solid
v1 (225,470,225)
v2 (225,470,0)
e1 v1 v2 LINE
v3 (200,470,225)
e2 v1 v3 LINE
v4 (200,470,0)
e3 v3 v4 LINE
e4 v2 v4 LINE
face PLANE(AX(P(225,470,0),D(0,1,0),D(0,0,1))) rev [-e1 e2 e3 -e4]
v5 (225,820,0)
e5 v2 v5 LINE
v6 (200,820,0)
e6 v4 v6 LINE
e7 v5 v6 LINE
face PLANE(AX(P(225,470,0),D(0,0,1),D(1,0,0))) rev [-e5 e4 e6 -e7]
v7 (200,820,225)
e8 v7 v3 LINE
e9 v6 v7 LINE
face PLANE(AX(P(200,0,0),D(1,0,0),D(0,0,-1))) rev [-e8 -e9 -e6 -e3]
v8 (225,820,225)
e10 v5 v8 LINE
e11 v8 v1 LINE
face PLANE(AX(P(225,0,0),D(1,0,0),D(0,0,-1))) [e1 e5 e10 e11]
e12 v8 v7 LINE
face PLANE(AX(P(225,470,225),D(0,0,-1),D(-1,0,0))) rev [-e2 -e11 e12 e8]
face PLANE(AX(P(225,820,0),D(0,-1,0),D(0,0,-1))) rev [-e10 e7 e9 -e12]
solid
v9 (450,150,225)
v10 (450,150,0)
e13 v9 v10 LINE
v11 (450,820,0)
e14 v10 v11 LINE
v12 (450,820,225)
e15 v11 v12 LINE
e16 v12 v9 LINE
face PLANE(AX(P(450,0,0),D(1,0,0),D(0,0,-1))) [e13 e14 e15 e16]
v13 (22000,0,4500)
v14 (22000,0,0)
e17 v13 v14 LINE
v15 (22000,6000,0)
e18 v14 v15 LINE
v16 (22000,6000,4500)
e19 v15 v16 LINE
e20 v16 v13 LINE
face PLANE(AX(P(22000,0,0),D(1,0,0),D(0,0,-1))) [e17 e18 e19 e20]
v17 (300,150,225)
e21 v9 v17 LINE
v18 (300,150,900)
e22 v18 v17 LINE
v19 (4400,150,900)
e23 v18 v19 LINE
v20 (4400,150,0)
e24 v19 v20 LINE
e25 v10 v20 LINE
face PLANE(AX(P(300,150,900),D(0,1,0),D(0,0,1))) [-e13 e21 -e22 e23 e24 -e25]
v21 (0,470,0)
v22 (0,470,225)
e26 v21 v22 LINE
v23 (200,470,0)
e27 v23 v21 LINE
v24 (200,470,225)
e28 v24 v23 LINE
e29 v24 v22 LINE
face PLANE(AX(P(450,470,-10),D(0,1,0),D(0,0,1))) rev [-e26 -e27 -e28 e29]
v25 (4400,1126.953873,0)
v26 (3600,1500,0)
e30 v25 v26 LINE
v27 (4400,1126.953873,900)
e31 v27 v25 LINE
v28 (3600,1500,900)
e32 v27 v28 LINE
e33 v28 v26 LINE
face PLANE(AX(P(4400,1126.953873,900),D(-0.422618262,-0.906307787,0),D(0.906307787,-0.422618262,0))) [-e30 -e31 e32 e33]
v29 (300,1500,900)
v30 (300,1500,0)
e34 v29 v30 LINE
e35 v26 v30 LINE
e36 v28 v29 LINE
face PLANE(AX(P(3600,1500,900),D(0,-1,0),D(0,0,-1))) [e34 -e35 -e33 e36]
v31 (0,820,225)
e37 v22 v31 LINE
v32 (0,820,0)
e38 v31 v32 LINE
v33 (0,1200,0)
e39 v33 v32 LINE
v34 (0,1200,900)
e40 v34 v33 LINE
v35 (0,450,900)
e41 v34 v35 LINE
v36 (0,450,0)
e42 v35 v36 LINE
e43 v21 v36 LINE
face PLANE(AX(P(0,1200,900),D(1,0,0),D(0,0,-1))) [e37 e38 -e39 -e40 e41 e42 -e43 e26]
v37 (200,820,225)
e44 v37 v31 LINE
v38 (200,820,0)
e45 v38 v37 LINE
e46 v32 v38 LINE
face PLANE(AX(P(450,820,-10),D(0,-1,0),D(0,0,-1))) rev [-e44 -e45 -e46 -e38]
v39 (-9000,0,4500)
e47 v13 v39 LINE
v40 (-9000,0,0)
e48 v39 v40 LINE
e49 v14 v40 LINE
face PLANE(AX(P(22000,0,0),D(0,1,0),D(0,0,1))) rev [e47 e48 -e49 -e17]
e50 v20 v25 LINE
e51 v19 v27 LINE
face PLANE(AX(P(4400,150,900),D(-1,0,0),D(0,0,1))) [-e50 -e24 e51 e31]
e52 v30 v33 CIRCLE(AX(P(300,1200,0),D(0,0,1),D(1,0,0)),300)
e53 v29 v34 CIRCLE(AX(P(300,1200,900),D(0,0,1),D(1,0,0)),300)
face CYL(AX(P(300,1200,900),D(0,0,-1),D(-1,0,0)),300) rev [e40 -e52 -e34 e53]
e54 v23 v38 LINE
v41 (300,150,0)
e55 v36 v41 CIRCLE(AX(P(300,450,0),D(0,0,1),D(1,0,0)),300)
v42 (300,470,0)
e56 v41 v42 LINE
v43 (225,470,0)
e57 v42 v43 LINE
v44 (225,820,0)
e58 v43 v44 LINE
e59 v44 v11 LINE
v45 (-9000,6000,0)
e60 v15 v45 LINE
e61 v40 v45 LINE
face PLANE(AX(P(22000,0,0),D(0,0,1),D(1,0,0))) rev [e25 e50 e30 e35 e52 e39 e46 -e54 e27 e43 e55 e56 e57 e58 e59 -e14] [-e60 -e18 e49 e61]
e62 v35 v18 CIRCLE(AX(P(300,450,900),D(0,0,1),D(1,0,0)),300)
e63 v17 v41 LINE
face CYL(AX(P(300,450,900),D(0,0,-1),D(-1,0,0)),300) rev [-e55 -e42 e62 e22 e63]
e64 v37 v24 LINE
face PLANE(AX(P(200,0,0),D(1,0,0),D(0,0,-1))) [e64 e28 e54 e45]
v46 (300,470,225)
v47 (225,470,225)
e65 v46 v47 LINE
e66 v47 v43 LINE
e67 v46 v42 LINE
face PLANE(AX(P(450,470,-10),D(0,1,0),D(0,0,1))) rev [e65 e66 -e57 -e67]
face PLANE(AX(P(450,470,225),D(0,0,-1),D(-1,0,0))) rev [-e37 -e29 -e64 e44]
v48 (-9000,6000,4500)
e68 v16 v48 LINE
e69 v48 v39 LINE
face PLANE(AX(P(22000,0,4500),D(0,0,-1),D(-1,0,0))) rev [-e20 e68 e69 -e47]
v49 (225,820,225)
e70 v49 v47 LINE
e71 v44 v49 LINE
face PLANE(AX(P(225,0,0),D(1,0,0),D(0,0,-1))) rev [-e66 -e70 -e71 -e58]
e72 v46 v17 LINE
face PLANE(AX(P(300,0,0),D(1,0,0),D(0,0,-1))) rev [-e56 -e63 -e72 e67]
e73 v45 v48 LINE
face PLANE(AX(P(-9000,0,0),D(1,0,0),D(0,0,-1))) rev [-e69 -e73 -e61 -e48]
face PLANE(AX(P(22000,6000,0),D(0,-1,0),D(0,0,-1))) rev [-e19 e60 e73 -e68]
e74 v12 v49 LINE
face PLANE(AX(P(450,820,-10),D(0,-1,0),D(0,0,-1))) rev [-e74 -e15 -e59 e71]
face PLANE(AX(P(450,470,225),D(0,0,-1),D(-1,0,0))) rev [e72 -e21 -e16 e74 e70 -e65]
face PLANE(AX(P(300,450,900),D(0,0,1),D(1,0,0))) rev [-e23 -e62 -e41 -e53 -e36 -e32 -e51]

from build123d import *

# Parameters (mm, degrees)
CAR_BODY_DEPTH      = 900
GRILLE_DUCT_START   = -50
SKETCH2_W           = 235
SKETCH2_H           = 350
GRILLE_DUCT_DEPTH   = 500
FLOOR_EXIT_START    = 300
SKETCH3_W           = 235
SKETCH3_H           = 375
FLOOR_EXIT_DEPTH    = 150
RADIATOR_START      = 200
SKETCH4_W           = 225
SKETCH4_H           = 350
RADIATOR_DEPTH      = 25
RADIATOR_TOOL_START = 200
SKETCH5_W           = 225
SKETCH5_H           = 350
RADIATOR_TOOL_DEPTH = 25
FLUID_DOMAIN_START  = -9000
SKETCH6_W           = 4500
SKETCH6_H           = 6000
FLUID_DOMAIN_DEPTH  = 31000


with BuildPart() as part:
    # Sketch1 → car_body (new body)
    with BuildSketch(Plane.XY):
        with BuildLine():
            Line((300, 150), (4400, 150))
            Line((4400, 150), (4400, 1126.953873476))
            Line((4400, 1126.953873476), (3600, 1500))
            Line((3600, 1500), (300, 1500))
            ThreePointArc((300, 1500), (87.867965644, 1412.132034356), (0, 1200))
            Line((0, 1200), (0, 450))
            ThreePointArc((0, 450), (87.867965644, 237.867965644), (300, 150))
        make_face()
    extrude(amount=CAR_BODY_DEPTH)


with BuildPart() as body_2:
    # Sketch2 → grille_duct (new body)
    with BuildSketch(Plane(origin=(0, 0, 0), x_dir=(0, 0, -1), z_dir=(1, 0, 0)).offset(GRILLE_DUCT_START)):
        with Locations((-107.5, 645)):
            Rectangle(SKETCH2_W, SKETCH2_H)
    extrude(amount=GRILLE_DUCT_DEPTH)


with BuildPart() as part_1:
    add(part.part)

    # Combine1: cut body 2
    add(body_2.part, mode=Mode.SUBTRACT)


with BuildPart() as body_2_2:
    # Sketch3 → floor_exit (new body)
    with BuildSketch(Plane(origin=(0, 0, 0), x_dir=(0, 0, -1), z_dir=(1, 0, 0)).offset(FLOOR_EXIT_START)):
        with Locations((-107.5, 287.5)):
            Rectangle(SKETCH3_W, SKETCH3_H)
    extrude(amount=FLOOR_EXIT_DEPTH)


with BuildPart() as part_2:
    add(part_1.part)

    # Combine2: cut body 2 2
    add(body_2_2.part, mode=Mode.SUBTRACT)


with BuildPart() as body_2_3:
    # Sketch4 → radiator (new body)
    with BuildSketch(Plane(origin=(0, 0, 0), x_dir=(0, 0, -1), z_dir=(1, 0, 0)).offset(RADIATOR_START)):
        with Locations((-112.5, 645)):
            Rectangle(SKETCH4_W, SKETCH4_H)
    extrude(amount=RADIATOR_DEPTH)


with BuildPart() as body_3:
    # Sketch5 → radiator_tool (new body)
    with BuildSketch(Plane(origin=(0, 0, 0), x_dir=(0, 0, -1), z_dir=(1, 0, 0)).offset(RADIATOR_TOOL_START)):
        with Locations((-112.5, 645)):
            Rectangle(SKETCH5_W, SKETCH5_H)
    extrude(amount=RADIATOR_TOOL_DEPTH)


with BuildPart() as body_4:
    # Sketch6 → fluid_domain (new body)
    with BuildSketch(Plane(origin=(0, 0, 0), x_dir=(0, 0, -1), z_dir=(1, 0, 0)).offset(FLUID_DOMAIN_START)):
        with Locations((-2250, 3000)):
            Rectangle(SKETCH6_W, SKETCH6_H)
    extrude(amount=FLUID_DOMAIN_DEPTH)

    # Combine3: cut part
    add(part_2.part, mode=Mode.SUBTRACT)

    # Combine4: cut body 3
    add(body_3.part, mode=Mode.SUBTRACT)


solid = Compound([body_2_3.part, body_4.part])
